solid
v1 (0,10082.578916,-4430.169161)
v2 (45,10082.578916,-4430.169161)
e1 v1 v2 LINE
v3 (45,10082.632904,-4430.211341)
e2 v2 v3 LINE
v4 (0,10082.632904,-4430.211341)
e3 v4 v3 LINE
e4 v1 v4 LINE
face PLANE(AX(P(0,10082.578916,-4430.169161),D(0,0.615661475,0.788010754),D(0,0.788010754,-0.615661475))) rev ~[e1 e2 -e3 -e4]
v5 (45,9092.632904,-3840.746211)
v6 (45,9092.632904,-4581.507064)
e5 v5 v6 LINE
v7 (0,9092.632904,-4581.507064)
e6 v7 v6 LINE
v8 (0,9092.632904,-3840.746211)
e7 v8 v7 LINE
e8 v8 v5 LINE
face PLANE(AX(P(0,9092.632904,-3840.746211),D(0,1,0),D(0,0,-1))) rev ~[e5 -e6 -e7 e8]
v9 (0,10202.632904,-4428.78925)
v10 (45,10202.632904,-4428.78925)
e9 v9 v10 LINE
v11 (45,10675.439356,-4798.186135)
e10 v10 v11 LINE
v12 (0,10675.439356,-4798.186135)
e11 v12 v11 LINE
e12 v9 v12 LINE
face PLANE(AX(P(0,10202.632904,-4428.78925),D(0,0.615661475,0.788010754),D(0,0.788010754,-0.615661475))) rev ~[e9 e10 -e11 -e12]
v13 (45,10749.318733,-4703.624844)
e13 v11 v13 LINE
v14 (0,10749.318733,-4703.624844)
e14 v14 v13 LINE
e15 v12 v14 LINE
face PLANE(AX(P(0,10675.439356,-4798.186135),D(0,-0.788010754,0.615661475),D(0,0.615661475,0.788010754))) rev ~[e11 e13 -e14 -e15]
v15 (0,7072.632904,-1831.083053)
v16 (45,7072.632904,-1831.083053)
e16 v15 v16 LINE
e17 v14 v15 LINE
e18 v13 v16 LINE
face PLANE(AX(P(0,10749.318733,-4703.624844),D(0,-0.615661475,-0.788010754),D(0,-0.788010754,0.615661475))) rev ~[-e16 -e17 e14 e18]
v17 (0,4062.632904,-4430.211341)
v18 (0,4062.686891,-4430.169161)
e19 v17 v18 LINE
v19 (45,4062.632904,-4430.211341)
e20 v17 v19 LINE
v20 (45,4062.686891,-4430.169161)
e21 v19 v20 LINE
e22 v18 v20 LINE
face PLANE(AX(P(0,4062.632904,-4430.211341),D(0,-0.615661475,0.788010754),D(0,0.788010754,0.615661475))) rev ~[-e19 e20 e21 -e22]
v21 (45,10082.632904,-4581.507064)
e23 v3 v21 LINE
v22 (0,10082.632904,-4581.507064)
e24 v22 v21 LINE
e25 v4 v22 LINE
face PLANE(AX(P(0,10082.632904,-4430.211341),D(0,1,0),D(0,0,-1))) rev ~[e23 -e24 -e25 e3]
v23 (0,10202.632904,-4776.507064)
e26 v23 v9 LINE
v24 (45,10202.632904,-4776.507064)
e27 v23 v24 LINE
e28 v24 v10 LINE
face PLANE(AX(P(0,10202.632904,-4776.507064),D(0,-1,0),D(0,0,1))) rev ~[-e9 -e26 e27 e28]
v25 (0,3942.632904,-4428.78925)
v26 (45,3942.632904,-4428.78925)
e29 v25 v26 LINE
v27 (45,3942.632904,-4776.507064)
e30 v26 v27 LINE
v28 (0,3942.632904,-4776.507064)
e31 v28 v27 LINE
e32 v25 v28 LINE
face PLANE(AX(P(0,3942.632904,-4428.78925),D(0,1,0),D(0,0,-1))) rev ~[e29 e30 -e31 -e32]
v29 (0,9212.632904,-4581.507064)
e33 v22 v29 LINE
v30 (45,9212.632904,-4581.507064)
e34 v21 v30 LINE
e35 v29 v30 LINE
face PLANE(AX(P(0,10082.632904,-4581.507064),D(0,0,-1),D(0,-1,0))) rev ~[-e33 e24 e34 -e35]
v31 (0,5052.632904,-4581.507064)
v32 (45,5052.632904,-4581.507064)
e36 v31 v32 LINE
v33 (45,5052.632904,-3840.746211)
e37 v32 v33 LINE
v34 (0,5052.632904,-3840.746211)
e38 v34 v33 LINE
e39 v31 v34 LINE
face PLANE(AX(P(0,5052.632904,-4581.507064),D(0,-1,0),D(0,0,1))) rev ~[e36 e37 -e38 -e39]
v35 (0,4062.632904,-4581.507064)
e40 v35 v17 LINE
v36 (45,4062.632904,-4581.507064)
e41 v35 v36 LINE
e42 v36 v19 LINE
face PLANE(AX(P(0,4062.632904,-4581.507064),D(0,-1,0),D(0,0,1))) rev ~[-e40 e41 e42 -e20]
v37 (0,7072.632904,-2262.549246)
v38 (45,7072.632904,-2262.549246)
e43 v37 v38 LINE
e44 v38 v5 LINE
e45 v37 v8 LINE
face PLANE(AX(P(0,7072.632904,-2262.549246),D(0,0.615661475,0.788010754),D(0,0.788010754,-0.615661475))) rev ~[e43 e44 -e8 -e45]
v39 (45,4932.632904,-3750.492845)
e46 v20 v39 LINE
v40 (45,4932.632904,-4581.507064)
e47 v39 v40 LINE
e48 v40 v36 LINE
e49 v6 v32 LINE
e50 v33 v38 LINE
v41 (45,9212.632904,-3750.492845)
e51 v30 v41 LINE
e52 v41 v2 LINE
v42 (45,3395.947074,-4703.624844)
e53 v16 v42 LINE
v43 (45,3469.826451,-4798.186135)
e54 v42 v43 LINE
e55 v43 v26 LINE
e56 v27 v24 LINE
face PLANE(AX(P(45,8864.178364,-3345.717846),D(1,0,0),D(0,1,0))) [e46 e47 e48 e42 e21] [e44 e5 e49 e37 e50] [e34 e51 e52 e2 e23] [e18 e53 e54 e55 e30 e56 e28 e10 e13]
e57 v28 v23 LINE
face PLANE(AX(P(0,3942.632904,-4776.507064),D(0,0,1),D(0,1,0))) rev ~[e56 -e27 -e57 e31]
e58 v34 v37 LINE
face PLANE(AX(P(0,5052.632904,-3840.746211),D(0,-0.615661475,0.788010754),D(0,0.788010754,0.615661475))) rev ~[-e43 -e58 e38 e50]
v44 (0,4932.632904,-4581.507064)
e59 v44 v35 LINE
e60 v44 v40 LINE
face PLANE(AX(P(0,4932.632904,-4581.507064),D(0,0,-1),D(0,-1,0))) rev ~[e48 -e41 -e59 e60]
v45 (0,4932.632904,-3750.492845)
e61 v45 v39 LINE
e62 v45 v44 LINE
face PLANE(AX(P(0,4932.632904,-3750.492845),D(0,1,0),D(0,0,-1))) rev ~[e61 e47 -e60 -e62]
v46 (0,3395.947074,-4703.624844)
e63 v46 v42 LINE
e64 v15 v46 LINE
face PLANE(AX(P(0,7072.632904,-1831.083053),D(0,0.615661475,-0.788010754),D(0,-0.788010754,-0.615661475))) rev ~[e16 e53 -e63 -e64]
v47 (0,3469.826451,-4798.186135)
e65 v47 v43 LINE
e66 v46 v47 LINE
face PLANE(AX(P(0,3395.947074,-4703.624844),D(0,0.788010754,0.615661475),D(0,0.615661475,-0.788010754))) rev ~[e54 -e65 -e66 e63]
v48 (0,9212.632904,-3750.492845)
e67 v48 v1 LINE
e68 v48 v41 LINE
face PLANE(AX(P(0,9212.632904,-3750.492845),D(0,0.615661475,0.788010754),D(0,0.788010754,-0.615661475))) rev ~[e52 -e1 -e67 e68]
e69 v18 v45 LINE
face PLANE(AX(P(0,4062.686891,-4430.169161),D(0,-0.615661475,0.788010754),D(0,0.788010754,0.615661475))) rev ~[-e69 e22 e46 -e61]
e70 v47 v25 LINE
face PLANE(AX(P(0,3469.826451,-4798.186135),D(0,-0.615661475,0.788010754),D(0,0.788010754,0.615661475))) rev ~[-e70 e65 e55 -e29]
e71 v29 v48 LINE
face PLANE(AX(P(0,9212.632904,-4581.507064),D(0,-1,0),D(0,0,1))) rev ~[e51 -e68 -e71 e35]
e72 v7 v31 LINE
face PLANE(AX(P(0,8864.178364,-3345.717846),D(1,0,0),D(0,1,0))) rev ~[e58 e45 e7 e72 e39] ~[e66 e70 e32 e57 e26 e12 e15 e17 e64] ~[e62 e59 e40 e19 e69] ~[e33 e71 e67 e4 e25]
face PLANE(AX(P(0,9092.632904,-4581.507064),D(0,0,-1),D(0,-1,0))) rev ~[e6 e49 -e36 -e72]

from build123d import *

# Parameters (mm, degrees)
F1_DEPTH = 45


with BuildPart() as f1:
    # F0 (on Right) → F1 (new body)
    with BuildSketch(Plane.YZ):
        Polygon((7072.6329036231, -1831.0830527794), (7072.6329036231, -2078.5416047186), (9092.6329036231, -3656.7385702622), (9212.6329036231, -3750.492845443), (10080.8127102119, -4428.7892495542), (10202.6329036231, -4428.7892495542), (10675.4393557871, -4798.1861347496), (10749.3187328262, -4703.6248443168), (10202.6329036231, -4276.5070637455), align=None)
        Polygon((7072.6329036231, -2078.5416047186), (7072.6329036231, -2262.5492459041), (9092.6329036231, -3840.7462114477), (9092.6329036231, -3656.7385702622), align=None)
        Polygon((3469.826451459, -4798.1861347496), (3942.6329036231, -4428.7892495542), (4064.4530970343, -4428.7892495542), (4932.6329036231, -3750.492845443), (5052.6329036231, -3656.7385702622), (7072.6329036231, -2078.5416047186), (7072.6329036231, -1831.0830527794), (3942.6329036231, -4276.5070637455), (3395.9470744199, -4703.6248443168), align=None)
        Polygon((5052.6329036231, -3840.7462114477), (7072.6329036231, -2262.5492459041), (7072.6329036231, -2078.5416047186), (5052.6329036231, -3656.7385702622), align=None)
        Polygon((4932.6329036231, -4581.5070637455), (5052.6329036231, -4581.5070637455), (5052.6329036231, -3840.7462114477), (5052.6329036231, -3656.7385702622), (4932.6329036231, -3750.492845443), align=None)
        Polygon((3942.6329036231, -4428.7892495542), (3942.6329036231, -4581.5070637455), (4062.6329036231, -4581.5070637455), (4062.6329036231, -4430.2113405038), (4062.6868913116, -4430.1691606988), (4064.4530970343, -4428.7892495542), align=None)
        Polygon((3942.6329036231, -4581.5070637455), (3942.6329036231, -4776.5070637455), (7072.6329036231, -4776.5070637455), (7072.6329036231, -4581.5070637455), (5052.6329036231, -4581.5070637455), (4932.6329036231, -4581.5070637455), (4062.6329036231, -4581.5070637455), align=None)
        Polygon((7072.6329036231, -4581.5070637455), (7072.6329036231, -4776.5070637455), (10202.6329036231, -4776.5070637455), (10202.6329036231, -4581.5070637455), (10082.6329036231, -4581.5070637455), (9212.6329036231, -4581.5070637455), (9092.6329036231, -4581.5070637455), align=None)
        Polygon((9092.6329036231, -3840.7462114477), (9092.6329036231, -4581.5070637455), (9212.6329036231, -4581.5070637455), (9212.6329036231, -3750.492845443), (9092.6329036231, -3656.7385702622), align=None)
        Polygon((10082.6329036231, -4581.5070637455), (10202.6329036231, -4581.5070637455), (10202.6329036231, -4428.7892495542), (10080.8127102119, -4428.7892495542), (10082.5789159346, -4430.1691606988), (10082.6329036231, -4430.2113405038), align=None)
    extrude(amount=F1_DEPTH)


solid = f1.part
